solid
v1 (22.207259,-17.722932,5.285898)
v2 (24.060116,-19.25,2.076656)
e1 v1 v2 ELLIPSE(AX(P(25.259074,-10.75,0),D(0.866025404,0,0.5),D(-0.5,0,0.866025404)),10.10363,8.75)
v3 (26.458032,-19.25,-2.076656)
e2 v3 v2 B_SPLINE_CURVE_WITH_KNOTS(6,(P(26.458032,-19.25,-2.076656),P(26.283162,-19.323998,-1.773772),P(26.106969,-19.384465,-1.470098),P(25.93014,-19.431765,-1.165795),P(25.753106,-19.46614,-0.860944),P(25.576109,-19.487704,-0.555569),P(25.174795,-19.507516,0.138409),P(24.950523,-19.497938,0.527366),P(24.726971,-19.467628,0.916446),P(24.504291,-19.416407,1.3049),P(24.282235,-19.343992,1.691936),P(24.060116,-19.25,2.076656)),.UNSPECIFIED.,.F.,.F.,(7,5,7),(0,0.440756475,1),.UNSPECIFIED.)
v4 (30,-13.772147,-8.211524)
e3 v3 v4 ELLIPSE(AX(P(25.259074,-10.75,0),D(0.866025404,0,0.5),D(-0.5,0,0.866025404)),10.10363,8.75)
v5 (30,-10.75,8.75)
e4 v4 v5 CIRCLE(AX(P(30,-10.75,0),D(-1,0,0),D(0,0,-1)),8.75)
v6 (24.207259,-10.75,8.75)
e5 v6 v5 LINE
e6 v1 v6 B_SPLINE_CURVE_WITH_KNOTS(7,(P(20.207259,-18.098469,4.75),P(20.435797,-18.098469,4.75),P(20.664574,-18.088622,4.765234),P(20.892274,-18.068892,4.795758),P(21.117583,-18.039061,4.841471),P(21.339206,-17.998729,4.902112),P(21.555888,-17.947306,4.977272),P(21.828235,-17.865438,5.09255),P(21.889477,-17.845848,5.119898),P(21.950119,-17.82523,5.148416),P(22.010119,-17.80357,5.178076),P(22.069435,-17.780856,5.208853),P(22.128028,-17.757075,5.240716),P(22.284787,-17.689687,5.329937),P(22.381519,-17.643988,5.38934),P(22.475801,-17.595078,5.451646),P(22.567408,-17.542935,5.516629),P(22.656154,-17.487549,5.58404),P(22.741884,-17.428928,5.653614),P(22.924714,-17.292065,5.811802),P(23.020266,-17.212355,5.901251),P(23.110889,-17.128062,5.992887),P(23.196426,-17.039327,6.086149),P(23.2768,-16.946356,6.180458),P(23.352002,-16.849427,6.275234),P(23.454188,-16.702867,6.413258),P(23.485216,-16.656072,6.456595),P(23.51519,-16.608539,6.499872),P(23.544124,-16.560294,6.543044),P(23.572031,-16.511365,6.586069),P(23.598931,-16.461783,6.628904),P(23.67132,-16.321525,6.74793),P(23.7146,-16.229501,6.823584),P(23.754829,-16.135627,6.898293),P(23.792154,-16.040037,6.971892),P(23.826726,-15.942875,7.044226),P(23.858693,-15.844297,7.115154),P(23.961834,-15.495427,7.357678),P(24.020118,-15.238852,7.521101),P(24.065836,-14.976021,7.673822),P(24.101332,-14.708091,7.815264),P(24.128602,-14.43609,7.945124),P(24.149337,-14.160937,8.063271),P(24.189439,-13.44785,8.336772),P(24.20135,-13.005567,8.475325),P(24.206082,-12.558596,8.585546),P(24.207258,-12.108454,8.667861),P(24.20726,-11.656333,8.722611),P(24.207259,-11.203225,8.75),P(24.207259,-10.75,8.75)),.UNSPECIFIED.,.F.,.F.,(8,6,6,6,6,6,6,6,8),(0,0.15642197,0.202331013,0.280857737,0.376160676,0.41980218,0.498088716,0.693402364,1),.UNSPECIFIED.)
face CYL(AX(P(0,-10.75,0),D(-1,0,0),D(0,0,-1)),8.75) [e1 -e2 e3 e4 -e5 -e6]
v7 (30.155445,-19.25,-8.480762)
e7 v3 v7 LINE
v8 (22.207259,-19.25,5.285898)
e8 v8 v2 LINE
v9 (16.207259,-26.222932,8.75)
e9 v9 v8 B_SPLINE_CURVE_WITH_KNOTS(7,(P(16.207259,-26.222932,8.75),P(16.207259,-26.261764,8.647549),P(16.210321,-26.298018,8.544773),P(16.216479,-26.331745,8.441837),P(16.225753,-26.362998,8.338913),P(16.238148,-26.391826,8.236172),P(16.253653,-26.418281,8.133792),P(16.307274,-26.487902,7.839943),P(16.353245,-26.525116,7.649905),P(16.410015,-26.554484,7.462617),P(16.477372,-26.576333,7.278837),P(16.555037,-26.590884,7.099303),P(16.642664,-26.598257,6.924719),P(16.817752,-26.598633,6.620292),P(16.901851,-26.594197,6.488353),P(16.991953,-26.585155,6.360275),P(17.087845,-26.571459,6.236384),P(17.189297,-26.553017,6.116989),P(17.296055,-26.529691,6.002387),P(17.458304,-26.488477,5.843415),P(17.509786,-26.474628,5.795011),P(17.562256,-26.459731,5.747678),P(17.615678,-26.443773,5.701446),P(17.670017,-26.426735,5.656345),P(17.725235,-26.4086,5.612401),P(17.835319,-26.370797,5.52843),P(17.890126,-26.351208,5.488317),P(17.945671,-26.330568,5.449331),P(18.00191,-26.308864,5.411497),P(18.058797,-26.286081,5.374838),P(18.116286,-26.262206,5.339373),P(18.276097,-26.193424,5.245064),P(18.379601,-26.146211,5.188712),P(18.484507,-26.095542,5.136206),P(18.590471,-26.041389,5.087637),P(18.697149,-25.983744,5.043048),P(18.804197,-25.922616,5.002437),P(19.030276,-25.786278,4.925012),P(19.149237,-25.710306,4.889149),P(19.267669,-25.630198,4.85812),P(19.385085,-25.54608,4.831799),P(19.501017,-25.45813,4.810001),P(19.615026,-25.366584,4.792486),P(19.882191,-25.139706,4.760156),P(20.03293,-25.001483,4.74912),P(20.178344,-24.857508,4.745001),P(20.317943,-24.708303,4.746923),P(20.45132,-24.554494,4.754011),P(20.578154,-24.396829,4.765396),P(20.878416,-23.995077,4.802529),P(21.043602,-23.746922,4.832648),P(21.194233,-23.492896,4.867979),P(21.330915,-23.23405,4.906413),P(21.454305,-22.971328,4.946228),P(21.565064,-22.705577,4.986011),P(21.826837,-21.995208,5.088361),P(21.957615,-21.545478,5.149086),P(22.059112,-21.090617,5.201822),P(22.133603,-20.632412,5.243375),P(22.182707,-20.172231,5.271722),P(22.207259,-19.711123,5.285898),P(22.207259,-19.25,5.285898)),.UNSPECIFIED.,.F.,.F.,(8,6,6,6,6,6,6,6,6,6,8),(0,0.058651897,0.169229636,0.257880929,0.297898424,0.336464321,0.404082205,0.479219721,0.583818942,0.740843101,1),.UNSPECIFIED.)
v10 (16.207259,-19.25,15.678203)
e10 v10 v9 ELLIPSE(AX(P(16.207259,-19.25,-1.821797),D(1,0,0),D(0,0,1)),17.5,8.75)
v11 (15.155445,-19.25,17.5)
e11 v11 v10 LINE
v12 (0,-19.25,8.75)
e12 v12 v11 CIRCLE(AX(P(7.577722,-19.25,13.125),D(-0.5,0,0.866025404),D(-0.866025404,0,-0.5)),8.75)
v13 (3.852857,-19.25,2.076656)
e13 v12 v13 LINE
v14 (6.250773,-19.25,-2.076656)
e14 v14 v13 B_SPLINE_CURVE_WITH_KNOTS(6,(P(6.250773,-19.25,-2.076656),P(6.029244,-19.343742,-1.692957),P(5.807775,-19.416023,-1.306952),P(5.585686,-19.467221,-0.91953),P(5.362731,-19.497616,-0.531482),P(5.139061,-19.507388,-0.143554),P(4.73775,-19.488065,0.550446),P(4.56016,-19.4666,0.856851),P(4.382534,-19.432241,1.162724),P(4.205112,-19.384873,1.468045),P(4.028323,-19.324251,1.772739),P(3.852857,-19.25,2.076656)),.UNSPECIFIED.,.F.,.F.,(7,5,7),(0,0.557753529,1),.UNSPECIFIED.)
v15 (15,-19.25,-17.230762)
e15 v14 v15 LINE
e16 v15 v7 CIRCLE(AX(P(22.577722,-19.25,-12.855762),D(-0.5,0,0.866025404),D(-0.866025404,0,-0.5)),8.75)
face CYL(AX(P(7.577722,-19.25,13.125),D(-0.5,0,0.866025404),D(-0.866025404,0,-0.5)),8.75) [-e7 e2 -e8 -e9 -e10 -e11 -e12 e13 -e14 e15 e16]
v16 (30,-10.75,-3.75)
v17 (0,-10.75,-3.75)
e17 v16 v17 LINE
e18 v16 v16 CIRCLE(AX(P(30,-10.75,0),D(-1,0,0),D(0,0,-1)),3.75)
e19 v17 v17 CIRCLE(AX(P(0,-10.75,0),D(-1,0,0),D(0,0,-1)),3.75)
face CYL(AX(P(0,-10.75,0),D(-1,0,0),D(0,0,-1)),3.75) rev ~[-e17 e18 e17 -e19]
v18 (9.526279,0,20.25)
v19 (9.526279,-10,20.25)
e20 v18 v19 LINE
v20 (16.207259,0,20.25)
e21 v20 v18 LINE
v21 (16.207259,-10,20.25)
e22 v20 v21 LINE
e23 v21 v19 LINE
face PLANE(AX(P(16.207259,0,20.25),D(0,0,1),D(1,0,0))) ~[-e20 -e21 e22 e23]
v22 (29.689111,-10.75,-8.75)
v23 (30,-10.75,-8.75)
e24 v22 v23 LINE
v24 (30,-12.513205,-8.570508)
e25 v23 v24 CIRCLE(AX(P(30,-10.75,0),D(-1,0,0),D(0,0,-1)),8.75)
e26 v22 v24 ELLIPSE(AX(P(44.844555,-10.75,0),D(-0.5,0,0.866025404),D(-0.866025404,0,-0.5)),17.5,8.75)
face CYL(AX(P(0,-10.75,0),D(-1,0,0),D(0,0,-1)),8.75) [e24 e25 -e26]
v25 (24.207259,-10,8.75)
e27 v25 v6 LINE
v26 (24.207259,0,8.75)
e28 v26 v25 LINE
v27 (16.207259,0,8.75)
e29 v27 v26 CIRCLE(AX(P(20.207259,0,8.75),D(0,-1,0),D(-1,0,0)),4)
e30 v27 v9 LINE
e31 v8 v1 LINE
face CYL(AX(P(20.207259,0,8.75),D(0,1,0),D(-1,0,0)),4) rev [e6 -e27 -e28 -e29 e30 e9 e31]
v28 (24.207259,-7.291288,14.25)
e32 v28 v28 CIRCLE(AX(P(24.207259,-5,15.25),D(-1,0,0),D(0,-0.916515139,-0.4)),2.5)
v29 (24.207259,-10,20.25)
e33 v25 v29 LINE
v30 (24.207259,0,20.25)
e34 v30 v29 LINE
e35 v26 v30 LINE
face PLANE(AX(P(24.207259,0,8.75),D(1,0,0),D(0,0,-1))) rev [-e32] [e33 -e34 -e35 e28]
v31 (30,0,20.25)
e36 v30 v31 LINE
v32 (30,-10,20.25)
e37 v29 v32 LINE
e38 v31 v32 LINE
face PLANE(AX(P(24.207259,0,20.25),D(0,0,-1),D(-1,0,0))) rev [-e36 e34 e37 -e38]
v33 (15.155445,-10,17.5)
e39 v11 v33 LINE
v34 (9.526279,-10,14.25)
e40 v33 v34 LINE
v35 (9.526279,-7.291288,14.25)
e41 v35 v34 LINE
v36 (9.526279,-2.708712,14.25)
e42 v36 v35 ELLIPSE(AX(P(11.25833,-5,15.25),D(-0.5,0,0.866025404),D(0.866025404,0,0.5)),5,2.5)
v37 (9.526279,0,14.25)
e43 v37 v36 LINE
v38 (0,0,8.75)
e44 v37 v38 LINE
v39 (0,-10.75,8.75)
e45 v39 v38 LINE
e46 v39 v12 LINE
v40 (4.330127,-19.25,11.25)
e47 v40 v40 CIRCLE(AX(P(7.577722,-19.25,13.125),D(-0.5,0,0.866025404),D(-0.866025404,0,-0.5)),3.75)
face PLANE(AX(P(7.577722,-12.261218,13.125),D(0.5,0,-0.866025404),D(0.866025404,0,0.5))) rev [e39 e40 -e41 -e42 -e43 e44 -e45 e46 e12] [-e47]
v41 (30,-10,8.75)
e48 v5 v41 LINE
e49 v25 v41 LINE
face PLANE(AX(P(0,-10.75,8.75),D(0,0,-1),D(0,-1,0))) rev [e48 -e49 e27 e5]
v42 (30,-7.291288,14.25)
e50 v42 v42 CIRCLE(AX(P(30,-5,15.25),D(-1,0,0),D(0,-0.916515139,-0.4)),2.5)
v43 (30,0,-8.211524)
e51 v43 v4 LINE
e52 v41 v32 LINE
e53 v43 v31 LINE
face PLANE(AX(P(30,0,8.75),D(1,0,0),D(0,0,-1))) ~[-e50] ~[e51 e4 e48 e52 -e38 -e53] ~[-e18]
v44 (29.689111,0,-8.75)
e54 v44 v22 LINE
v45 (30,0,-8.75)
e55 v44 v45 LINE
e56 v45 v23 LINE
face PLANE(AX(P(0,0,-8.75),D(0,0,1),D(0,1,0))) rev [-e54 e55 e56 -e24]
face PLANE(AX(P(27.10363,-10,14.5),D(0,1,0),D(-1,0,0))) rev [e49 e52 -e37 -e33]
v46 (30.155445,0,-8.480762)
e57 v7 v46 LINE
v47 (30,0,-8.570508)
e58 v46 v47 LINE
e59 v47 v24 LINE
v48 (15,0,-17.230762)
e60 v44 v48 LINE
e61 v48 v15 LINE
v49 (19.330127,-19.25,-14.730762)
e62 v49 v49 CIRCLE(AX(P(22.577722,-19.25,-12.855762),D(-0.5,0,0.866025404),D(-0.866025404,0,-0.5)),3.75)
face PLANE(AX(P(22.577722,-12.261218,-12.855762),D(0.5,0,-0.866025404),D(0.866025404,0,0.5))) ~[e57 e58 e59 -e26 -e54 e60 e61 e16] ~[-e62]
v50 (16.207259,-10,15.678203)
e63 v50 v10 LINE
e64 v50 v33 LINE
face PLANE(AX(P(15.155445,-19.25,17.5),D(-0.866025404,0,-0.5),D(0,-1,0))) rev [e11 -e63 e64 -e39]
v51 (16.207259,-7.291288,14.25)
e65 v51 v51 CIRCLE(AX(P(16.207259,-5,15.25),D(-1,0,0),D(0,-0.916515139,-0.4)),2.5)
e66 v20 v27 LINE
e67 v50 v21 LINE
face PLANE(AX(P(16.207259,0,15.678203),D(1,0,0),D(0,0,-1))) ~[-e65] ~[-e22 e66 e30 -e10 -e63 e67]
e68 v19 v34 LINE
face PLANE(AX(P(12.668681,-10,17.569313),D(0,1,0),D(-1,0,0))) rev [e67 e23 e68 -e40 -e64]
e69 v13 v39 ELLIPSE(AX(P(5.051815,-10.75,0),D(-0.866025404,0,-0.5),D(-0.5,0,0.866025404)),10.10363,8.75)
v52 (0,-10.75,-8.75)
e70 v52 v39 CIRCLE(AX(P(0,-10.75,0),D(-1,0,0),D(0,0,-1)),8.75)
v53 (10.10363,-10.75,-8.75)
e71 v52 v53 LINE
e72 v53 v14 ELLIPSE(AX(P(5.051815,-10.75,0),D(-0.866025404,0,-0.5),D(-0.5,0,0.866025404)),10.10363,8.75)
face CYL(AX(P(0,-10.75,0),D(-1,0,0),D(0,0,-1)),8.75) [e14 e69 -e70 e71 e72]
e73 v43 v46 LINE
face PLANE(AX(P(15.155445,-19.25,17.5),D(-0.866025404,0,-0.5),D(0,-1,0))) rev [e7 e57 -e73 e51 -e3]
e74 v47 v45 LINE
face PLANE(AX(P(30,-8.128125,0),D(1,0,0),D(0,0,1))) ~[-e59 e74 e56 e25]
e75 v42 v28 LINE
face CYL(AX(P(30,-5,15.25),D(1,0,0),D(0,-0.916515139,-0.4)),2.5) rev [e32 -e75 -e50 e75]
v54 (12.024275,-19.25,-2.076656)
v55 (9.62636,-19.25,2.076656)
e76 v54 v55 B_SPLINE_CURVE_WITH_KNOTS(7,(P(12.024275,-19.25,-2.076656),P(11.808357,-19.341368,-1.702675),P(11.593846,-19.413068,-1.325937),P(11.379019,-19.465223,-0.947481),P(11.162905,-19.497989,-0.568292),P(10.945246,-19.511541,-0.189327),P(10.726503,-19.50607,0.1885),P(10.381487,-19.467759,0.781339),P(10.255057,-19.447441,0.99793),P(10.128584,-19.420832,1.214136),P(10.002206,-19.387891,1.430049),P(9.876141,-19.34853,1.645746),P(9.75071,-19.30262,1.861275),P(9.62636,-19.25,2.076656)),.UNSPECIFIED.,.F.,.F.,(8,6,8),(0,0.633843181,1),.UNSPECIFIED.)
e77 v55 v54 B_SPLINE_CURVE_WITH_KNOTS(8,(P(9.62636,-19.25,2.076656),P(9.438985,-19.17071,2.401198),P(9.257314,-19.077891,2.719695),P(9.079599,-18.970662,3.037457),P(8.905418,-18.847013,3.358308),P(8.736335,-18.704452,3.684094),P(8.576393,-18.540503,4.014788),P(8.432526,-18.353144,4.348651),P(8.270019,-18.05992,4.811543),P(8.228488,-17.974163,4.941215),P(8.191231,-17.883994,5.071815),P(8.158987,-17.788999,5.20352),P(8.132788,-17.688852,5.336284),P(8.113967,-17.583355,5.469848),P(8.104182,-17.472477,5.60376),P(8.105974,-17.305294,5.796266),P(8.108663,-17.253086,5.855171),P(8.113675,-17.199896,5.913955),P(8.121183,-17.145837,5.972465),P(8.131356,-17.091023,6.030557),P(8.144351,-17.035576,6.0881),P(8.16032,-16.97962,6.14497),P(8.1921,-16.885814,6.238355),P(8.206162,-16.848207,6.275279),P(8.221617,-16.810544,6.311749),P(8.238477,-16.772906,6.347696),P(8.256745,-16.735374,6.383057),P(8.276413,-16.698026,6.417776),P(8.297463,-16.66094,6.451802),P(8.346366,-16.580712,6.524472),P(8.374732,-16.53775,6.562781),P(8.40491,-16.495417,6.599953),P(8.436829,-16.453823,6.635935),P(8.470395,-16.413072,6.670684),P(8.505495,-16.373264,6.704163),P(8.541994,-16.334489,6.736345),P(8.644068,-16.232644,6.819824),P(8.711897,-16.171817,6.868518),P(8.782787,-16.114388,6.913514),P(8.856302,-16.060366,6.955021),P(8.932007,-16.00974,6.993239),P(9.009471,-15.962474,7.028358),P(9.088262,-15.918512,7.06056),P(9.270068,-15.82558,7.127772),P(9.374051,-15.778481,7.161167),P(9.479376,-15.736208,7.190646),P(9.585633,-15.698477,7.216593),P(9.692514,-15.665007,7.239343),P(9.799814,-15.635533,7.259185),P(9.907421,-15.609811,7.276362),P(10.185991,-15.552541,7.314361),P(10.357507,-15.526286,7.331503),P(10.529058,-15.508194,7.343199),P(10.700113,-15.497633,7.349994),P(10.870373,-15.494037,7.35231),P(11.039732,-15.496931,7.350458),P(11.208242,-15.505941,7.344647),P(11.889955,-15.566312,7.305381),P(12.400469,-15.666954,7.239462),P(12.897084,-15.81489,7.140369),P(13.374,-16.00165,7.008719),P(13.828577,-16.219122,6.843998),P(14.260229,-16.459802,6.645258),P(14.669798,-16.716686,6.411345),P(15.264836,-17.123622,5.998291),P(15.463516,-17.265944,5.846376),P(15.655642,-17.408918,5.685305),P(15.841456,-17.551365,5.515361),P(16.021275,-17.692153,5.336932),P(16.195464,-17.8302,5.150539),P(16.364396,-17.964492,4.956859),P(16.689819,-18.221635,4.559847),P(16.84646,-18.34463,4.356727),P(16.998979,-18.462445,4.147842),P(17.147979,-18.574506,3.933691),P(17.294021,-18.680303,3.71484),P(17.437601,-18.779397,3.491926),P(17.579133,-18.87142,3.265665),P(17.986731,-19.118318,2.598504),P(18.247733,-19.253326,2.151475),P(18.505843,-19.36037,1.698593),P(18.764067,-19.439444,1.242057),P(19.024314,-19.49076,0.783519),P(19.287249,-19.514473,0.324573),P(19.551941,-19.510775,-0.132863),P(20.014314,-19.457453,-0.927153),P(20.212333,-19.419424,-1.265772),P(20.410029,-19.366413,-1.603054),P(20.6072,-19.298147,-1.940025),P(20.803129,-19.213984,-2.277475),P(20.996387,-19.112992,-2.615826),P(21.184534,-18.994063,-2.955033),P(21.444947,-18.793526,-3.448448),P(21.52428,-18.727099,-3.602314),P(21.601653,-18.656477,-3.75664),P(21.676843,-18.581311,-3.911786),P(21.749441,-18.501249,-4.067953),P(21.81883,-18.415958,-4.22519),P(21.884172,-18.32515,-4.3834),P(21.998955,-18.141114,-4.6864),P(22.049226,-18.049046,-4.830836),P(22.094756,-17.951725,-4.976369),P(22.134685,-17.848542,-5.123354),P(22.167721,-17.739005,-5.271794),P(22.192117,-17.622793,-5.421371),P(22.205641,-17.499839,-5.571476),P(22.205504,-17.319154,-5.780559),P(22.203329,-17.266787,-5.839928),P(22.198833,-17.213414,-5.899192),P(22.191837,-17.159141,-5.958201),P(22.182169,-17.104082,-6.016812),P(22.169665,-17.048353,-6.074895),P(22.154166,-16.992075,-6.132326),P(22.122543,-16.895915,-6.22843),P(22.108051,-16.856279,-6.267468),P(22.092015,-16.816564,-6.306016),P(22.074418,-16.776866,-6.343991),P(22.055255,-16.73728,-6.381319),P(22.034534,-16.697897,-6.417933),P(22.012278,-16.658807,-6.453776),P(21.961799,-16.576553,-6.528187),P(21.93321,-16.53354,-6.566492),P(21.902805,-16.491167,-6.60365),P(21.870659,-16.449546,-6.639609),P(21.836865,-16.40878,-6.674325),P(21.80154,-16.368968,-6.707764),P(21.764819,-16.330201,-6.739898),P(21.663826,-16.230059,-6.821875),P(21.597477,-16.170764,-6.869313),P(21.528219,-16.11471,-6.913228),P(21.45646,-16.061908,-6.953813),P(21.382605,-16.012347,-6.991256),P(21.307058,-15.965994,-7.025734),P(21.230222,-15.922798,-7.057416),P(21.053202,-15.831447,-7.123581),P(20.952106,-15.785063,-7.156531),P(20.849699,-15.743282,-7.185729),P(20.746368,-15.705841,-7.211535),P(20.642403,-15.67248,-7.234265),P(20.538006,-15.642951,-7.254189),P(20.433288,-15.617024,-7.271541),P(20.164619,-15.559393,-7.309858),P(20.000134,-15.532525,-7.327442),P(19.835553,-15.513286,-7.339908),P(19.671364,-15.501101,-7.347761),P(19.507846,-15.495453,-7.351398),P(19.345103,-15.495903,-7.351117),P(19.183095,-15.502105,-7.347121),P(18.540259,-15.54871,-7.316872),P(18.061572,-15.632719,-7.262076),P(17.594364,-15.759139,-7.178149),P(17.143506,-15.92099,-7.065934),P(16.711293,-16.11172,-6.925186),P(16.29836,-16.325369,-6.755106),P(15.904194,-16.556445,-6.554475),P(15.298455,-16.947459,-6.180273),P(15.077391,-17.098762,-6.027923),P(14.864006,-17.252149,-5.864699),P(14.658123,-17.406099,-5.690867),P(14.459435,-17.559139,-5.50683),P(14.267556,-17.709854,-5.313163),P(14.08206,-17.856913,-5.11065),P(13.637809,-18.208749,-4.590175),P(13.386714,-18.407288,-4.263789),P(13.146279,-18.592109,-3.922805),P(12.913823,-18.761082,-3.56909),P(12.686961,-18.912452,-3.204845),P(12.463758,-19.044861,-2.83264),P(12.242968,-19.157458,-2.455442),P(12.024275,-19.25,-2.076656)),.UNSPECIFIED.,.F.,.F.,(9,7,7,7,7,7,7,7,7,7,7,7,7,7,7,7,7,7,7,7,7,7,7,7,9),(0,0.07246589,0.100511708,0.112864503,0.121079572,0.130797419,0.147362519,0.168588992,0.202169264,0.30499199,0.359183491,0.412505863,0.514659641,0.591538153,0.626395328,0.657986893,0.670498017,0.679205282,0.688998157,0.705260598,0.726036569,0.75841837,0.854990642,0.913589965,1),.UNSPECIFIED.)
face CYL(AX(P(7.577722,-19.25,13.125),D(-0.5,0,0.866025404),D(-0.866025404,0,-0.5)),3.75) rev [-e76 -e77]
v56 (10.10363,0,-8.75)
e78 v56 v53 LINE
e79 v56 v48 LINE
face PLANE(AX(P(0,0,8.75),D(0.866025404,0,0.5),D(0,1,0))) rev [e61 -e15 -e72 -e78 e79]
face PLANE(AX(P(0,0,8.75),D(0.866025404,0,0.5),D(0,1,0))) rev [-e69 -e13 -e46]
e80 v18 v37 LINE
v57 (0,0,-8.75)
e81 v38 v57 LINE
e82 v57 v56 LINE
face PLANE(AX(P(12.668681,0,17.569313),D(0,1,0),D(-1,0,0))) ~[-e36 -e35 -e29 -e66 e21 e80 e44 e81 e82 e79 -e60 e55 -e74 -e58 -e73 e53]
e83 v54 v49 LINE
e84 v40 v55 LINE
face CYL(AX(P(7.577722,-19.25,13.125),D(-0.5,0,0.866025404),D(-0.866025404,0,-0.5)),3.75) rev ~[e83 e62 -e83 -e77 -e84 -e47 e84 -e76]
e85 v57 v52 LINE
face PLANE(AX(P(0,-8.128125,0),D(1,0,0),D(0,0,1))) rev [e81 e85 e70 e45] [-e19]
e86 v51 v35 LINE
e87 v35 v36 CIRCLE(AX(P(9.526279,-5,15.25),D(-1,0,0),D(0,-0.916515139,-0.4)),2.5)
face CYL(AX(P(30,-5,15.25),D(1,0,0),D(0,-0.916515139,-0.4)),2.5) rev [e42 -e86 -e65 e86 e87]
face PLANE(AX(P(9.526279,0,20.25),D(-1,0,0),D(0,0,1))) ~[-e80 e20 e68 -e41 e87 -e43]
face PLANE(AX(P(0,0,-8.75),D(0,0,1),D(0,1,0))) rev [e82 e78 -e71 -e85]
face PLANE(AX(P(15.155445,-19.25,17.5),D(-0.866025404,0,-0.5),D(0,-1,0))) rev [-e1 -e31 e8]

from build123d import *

# Parameters (mm, degrees)
SKETCH1_R           = 3.75
BOSS_EXTRUDE1_DEPTH = 30
SKETCH2_R           = 3.75
BOSS_EXTRUDE2_DEPTH = 30
CUT_EXTRUDE1_DEPTH  = 29.0000001
SKETCH4_W           = 5.792740578
SKETCH4_H           = 11.5
BOSS_EXTRUDE3_DEPTH = 10
BOSS_EXTRUDE4_DEPTH = 10
SKETCH5_R           = 2.5
CUT_EXTRUDE2_DEPTH  = 31.0000001
SKETCH7_R           = 3.75
CUT_EXTRUDE3_DEPTH  = 31.155444666
SKETCH8_R           = 3.75
CUT_EXTRUDE4_DEPTH  = 38.57772242


with BuildPart() as part:
    # Sketch1 → Boss-Extrude1 (new body)
    with BuildSketch(Plane(origin=(0, 0, 0), x_dir=(0, 0, -1), z_dir=(1, 0, 0))):
        with BuildLine():
            Line((-8.75, 0), (8.75, 0))
            Line((8.75, 0), (8.75, 10.75))
            ThreePointArc((8.75, 10.75), (0, 19.5), (-8.75, 10.75))
            Line((-8.75, 10.75), (-8.75, 0))
        make_face()
        with Locations((0, 10.75)):
            Circle(SKETCH1_R, mode=Mode.SUBTRACT)
    extrude(amount=BOSS_EXTRUDE1_DEPTH)

    # Sketch2 → Boss-Extrude2 (add)
    with BuildSketch(Plane(origin=(-3.788861142, 0, 6.5625), x_dir=(-0.866025404, 0, -0.5), z_dir=(0.5, 0, -0.866025404))):
        with BuildLine():
            Line((-4.375, 0), (-4.375, 19.25))
            ThreePointArc((-4.375, 19.25), (-13.125, 28), (-21.875, 19.25))
            Line((-21.875, 19.25), (-21.875, 0))
            Line((-21.875, 0), (-4.375, 0))
        make_face()
        with Locations((-13.125, 19.25)):
            Circle(SKETCH2_R, mode=Mode.SUBTRACT)
    extrude(amount=BOSS_EXTRUDE2_DEPTH)

    # Sketch3 → Cut-Extrude1 (cut, through all)
    with BuildSketch(Plane.XZ):
        with BuildLine():
            Line((24.207259422, 8.75), (24.207259422, 15.67820323))
            Line((24.207259422, 15.67820323), (16.207259422, 15.67820323))
            Line((16.207259422, 15.67820323), (16.207259422, 8.75))
            ThreePointArc((16.207259422, 8.75), (20.207259422, 4.75), (24.207259422, 8.75))
        make_face()
    extrude(amount=-CUT_EXTRUDE1_DEPTH, mode=Mode.SUBTRACT)

    # Sketch4 → Boss-Extrude3 (add)
    with BuildSketch(Plane.XZ):
        with Locations((27.103629711, 14.5)):
            Rectangle(SKETCH4_W, SKETCH4_H)
    extrude(amount=-BOSS_EXTRUDE3_DEPTH)

    # Sketch6 → Boss-Extrude4 (add)
    with BuildSketch(Plane.XZ):
        Polygon((16.207259422, 15.67820323), (16.207259422, 20.25), (9.526279442, 20.25), (9.526279442, 14.25), align=None)
    extrude(amount=-BOSS_EXTRUDE4_DEPTH)

    # Sketch5 → Cut-Extrude2 (cut, through all)
    with BuildSketch(Plane(origin=(30, 0, 0), x_dir=(0, 0, -1), z_dir=(1, 0, 0))):
        with Locations(Location((-15.25, 5, 0), (0, 0, 66.421821522))):  # turned: the seam where the file's is
            Circle(SKETCH5_R)
    extrude(amount=-CUT_EXTRUDE2_DEPTH, mode=Mode.SUBTRACT)

    # Sketch7 → Cut-Extrude3 (cut, through all)
    with BuildSketch(Plane.ZY):
        with Locations(Location((0, 10.75, 0), (0, 0, 180))):  # turned: the seam where the file's is
            Circle(SKETCH7_R)
    extrude(amount=-CUT_EXTRUDE3_DEPTH, mode=Mode.SUBTRACT)

    # Sketch8 → Cut-Extrude4 (cut, through all)
    with BuildSketch(Plane(origin=(-3.788861142, 0, 6.5625), x_dir=(0.866025404, 0, 0.5), z_dir=(-0.5, 0, 0.866025404))):
        with Locations(Location((13.125, 19.25, 0), (0, 0, 180))):  # turned: the seam where the file's is
            Circle(SKETCH8_R)
    extrude(amount=-CUT_EXTRUDE4_DEPTH, mode=Mode.SUBTRACT)


with BuildPart() as body_2:
    # Mirror1: mirrored copy
    add(part.part.mirror(Plane(origin=(30, 0, 8.75), x_dir=(0, 0, 1), z_dir=(0, 1, 0))))


solid = body_2.part
